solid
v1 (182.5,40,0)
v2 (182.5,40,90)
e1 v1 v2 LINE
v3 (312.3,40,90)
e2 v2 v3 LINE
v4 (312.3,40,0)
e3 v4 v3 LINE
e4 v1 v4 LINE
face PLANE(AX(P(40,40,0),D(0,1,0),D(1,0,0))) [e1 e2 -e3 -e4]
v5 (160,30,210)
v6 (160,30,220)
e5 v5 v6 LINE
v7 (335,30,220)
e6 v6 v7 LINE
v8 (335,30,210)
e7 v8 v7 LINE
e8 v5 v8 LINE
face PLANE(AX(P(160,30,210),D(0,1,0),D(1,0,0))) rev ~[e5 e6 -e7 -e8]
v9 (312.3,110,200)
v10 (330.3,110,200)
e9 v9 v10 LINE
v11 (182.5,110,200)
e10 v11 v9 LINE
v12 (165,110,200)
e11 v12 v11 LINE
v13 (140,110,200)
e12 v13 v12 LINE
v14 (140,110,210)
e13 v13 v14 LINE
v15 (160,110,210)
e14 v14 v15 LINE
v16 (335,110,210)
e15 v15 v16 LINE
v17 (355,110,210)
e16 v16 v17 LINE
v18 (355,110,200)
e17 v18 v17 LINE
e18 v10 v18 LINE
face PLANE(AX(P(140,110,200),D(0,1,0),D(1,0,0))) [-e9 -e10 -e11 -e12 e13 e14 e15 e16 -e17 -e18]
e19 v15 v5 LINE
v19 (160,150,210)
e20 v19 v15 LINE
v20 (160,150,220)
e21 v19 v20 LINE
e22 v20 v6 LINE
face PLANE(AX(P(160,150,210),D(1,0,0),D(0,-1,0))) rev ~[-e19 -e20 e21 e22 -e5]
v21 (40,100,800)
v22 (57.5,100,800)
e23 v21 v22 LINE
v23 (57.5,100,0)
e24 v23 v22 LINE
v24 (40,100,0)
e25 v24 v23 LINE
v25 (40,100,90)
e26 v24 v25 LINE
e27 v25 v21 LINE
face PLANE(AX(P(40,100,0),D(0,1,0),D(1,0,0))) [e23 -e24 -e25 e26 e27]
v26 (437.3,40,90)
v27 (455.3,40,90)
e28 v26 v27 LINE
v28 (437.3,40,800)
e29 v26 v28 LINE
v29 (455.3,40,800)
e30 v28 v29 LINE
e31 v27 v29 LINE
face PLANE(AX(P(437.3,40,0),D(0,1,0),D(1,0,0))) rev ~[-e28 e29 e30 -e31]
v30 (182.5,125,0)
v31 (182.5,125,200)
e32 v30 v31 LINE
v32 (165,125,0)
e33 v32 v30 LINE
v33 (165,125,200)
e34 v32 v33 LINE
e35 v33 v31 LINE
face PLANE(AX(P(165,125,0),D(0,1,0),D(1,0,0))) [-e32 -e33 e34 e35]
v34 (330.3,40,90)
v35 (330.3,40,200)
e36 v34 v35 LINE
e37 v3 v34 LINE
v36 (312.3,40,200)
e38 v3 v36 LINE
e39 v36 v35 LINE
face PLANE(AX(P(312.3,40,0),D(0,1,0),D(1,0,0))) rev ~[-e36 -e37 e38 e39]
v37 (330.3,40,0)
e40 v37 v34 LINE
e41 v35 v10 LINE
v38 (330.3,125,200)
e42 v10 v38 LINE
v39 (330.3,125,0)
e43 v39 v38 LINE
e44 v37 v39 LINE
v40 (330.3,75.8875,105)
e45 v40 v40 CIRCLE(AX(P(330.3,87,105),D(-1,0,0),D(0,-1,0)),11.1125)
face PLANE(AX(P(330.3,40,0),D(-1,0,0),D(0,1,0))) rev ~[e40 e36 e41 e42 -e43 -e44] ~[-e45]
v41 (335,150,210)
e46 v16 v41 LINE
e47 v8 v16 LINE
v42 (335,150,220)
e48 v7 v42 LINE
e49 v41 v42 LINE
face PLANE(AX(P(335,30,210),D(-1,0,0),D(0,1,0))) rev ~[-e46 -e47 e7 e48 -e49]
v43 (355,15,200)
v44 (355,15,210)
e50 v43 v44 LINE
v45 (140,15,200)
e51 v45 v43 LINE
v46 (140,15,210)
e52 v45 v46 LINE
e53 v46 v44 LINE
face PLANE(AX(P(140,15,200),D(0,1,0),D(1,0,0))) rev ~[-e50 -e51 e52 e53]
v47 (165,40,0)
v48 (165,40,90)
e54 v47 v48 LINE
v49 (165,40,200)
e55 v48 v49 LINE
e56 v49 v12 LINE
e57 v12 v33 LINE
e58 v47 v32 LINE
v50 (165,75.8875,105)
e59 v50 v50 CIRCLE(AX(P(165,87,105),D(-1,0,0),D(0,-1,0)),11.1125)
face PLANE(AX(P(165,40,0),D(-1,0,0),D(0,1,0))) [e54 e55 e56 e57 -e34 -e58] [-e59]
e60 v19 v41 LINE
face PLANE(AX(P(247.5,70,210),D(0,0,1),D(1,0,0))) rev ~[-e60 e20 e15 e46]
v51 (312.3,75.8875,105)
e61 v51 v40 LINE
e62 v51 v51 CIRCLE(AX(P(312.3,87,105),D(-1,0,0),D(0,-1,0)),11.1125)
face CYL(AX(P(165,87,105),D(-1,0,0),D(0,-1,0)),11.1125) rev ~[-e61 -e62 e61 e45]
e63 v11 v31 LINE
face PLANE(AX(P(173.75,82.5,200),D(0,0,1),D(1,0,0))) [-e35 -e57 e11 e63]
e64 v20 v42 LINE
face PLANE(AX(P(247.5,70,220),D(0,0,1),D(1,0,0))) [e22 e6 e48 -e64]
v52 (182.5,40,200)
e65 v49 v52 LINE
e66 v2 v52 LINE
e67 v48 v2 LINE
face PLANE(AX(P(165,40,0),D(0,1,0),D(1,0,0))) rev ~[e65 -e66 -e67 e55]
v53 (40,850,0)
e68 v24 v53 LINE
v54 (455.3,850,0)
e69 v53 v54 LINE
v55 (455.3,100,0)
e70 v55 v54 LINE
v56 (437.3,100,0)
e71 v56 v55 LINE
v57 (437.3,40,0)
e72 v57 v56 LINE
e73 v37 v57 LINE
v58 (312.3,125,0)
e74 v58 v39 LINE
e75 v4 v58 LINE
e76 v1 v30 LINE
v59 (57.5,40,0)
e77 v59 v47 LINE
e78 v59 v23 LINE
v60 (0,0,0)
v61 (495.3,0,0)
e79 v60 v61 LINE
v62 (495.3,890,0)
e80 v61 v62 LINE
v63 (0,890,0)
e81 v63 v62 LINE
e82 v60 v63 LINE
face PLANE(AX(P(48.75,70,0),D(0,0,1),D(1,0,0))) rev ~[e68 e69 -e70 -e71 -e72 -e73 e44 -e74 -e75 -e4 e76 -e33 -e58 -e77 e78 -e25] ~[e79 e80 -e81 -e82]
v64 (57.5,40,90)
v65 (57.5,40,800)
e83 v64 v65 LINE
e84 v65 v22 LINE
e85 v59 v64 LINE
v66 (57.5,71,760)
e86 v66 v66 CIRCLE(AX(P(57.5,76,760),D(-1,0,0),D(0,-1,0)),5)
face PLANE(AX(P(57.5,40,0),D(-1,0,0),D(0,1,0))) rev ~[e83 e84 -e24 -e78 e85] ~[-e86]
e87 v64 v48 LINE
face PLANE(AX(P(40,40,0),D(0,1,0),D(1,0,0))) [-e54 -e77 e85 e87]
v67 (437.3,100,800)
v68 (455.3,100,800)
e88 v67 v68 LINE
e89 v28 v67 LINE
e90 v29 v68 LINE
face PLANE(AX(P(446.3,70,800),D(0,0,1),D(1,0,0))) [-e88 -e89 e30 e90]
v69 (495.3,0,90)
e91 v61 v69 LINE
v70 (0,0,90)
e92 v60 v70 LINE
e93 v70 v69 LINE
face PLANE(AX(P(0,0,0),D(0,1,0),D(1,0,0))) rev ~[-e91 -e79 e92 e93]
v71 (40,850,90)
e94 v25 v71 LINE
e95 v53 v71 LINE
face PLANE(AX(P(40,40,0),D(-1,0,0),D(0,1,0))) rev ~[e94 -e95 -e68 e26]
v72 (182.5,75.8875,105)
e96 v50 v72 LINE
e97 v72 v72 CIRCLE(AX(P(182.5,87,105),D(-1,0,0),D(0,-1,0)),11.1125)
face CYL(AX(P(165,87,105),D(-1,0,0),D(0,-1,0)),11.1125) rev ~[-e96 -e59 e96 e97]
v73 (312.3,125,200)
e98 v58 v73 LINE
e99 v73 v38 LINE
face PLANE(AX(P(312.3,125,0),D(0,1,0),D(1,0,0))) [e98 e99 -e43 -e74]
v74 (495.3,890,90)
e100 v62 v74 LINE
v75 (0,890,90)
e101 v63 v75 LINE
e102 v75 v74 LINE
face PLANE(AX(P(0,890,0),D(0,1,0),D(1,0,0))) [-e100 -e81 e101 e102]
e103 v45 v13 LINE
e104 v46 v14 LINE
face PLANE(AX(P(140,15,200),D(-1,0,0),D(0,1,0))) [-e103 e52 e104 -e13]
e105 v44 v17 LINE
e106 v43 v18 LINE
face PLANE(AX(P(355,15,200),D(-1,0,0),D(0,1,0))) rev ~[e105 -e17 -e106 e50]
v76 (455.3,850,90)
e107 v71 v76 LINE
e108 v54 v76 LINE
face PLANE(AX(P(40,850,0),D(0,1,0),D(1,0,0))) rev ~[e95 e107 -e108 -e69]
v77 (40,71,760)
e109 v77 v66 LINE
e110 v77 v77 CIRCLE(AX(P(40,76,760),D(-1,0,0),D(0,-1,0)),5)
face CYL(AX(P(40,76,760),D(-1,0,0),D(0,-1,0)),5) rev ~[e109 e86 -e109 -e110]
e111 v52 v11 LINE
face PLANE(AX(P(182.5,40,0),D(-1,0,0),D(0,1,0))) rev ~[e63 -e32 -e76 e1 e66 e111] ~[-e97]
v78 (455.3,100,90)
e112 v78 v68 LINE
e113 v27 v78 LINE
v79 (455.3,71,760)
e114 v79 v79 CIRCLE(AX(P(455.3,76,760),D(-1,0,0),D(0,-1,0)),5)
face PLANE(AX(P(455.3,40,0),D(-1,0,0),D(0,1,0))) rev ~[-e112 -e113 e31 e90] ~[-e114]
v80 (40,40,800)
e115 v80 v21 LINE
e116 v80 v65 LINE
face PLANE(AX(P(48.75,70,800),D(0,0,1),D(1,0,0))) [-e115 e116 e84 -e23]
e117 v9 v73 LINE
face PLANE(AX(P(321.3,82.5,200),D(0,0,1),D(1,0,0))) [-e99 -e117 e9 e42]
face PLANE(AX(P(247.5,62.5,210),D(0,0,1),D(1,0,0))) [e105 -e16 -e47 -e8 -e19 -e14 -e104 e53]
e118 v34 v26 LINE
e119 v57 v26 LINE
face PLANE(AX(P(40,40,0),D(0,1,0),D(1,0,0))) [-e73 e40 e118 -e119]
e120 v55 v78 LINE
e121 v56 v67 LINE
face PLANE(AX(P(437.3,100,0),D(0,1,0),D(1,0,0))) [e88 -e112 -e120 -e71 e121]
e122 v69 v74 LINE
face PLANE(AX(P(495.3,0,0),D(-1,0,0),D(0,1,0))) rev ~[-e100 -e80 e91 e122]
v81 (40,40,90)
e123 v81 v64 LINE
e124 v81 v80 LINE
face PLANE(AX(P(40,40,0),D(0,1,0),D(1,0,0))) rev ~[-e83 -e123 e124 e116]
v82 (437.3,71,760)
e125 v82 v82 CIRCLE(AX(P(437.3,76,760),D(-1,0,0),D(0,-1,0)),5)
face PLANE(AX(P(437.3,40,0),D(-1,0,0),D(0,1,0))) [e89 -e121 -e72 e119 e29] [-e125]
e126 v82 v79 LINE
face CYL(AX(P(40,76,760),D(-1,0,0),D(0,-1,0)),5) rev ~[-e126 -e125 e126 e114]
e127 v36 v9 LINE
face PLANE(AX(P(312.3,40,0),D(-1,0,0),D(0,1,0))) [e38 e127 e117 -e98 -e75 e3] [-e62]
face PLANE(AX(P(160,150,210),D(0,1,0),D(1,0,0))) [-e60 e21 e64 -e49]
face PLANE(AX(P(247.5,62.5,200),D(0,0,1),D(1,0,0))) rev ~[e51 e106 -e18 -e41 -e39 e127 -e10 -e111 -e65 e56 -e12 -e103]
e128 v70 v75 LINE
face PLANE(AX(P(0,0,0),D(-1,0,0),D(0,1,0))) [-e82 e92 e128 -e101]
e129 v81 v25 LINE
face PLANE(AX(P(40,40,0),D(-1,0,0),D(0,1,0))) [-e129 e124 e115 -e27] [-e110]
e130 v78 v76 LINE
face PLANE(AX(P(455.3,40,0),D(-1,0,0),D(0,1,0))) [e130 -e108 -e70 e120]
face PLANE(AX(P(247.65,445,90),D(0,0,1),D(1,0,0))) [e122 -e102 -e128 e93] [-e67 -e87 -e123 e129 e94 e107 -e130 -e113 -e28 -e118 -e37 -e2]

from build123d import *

# Parameters (mm, degrees)
F0_W      = 495.3
F0_H      = 890
F0_W_2    = 415.3
F0_H_2    = 810
F1_DEPTH  = 90
F2_W      = 17.5
F2_H      = 85
F2_W_2    = 18
F3_DEPTH  = 200
F4_W      = 17.5
F4_H      = 60
F4_W_2    = 18
F5_DEPTH  = 800
F6_R      = 5
F7_DEPTH  = 453
F8_R      = 11.1125
F9_DEPTH  = 184
F10_W     = 215
F10_H     = 95
F11_DEPTH = 10
F12_W     = 175
F12_H     = 80
F12_H_2   = 40
F13_DEPTH = 10


with BuildPart() as f1:
    # F0 (on Top) → F1 (new body)
    with BuildSketch(Plane.XY):
        with Locations((247.65, 445)):
            Rectangle(F0_W, F0_H)
        with Locations((247.65, 445)):
            Rectangle(F0_W_2, F0_H_2, mode=Mode.SUBTRACT)
    extrude(amount=F1_DEPTH)

    # F2 (on Top) → F3 (join)
    with BuildSketch(Plane.XY):
        with Locations((173.75, 82.5)):
            Rectangle(F2_W, F2_H)
        with Locations((321.3, 82.5)):
            Rectangle(F2_W_2, F2_H)
    extrude(amount=F3_DEPTH)

    # F4 (on Top) → F5 (join)
    with BuildSketch(Plane.XY):
        with Locations((48.75, 70)):
            Rectangle(F4_W, F4_H)
        with Locations((446.3, 70)):
            Rectangle(F4_W_2, F4_H)
    extrude(amount=F5_DEPTH)

    # F6 (on face) → F7 (cut)
    with BuildSketch(Plane(origin=(40, 0, 0), x_dir=(0, -1, 0), z_dir=(-1, 0, 0))):
        with Locations((-76, 760)):
            Circle(F6_R)
    extrude(amount=-F7_DEPTH, mode=Mode.SUBTRACT)

    # F8 (on face) → F9 (cut)
    with BuildSketch(Plane(origin=(165, 0, 0), x_dir=(0, -1, 0), z_dir=(-1, 0, 0))):
        with Locations((-87, 105)):
            Circle(F8_R)
    extrude(amount=-F9_DEPTH, mode=Mode.SUBTRACT)

    # F10 (on face) → F11 (join)
    with BuildSketch(Plane.XY.offset(200)):
        with Locations((247.5, 62.5)):
            Rectangle(F10_W, F10_H)
    extrude(amount=F11_DEPTH)

    # F12 (on face) → F13 (join)
    with BuildSketch(Plane.XY.offset(210)):
        with Locations((247.5, 70)):
            Rectangle(F12_W, F12_H)
        with Locations((247.5, 130)):
            Rectangle(F12_W, F12_H_2)
    extrude(amount=F13_DEPTH)


solid = f1.part
